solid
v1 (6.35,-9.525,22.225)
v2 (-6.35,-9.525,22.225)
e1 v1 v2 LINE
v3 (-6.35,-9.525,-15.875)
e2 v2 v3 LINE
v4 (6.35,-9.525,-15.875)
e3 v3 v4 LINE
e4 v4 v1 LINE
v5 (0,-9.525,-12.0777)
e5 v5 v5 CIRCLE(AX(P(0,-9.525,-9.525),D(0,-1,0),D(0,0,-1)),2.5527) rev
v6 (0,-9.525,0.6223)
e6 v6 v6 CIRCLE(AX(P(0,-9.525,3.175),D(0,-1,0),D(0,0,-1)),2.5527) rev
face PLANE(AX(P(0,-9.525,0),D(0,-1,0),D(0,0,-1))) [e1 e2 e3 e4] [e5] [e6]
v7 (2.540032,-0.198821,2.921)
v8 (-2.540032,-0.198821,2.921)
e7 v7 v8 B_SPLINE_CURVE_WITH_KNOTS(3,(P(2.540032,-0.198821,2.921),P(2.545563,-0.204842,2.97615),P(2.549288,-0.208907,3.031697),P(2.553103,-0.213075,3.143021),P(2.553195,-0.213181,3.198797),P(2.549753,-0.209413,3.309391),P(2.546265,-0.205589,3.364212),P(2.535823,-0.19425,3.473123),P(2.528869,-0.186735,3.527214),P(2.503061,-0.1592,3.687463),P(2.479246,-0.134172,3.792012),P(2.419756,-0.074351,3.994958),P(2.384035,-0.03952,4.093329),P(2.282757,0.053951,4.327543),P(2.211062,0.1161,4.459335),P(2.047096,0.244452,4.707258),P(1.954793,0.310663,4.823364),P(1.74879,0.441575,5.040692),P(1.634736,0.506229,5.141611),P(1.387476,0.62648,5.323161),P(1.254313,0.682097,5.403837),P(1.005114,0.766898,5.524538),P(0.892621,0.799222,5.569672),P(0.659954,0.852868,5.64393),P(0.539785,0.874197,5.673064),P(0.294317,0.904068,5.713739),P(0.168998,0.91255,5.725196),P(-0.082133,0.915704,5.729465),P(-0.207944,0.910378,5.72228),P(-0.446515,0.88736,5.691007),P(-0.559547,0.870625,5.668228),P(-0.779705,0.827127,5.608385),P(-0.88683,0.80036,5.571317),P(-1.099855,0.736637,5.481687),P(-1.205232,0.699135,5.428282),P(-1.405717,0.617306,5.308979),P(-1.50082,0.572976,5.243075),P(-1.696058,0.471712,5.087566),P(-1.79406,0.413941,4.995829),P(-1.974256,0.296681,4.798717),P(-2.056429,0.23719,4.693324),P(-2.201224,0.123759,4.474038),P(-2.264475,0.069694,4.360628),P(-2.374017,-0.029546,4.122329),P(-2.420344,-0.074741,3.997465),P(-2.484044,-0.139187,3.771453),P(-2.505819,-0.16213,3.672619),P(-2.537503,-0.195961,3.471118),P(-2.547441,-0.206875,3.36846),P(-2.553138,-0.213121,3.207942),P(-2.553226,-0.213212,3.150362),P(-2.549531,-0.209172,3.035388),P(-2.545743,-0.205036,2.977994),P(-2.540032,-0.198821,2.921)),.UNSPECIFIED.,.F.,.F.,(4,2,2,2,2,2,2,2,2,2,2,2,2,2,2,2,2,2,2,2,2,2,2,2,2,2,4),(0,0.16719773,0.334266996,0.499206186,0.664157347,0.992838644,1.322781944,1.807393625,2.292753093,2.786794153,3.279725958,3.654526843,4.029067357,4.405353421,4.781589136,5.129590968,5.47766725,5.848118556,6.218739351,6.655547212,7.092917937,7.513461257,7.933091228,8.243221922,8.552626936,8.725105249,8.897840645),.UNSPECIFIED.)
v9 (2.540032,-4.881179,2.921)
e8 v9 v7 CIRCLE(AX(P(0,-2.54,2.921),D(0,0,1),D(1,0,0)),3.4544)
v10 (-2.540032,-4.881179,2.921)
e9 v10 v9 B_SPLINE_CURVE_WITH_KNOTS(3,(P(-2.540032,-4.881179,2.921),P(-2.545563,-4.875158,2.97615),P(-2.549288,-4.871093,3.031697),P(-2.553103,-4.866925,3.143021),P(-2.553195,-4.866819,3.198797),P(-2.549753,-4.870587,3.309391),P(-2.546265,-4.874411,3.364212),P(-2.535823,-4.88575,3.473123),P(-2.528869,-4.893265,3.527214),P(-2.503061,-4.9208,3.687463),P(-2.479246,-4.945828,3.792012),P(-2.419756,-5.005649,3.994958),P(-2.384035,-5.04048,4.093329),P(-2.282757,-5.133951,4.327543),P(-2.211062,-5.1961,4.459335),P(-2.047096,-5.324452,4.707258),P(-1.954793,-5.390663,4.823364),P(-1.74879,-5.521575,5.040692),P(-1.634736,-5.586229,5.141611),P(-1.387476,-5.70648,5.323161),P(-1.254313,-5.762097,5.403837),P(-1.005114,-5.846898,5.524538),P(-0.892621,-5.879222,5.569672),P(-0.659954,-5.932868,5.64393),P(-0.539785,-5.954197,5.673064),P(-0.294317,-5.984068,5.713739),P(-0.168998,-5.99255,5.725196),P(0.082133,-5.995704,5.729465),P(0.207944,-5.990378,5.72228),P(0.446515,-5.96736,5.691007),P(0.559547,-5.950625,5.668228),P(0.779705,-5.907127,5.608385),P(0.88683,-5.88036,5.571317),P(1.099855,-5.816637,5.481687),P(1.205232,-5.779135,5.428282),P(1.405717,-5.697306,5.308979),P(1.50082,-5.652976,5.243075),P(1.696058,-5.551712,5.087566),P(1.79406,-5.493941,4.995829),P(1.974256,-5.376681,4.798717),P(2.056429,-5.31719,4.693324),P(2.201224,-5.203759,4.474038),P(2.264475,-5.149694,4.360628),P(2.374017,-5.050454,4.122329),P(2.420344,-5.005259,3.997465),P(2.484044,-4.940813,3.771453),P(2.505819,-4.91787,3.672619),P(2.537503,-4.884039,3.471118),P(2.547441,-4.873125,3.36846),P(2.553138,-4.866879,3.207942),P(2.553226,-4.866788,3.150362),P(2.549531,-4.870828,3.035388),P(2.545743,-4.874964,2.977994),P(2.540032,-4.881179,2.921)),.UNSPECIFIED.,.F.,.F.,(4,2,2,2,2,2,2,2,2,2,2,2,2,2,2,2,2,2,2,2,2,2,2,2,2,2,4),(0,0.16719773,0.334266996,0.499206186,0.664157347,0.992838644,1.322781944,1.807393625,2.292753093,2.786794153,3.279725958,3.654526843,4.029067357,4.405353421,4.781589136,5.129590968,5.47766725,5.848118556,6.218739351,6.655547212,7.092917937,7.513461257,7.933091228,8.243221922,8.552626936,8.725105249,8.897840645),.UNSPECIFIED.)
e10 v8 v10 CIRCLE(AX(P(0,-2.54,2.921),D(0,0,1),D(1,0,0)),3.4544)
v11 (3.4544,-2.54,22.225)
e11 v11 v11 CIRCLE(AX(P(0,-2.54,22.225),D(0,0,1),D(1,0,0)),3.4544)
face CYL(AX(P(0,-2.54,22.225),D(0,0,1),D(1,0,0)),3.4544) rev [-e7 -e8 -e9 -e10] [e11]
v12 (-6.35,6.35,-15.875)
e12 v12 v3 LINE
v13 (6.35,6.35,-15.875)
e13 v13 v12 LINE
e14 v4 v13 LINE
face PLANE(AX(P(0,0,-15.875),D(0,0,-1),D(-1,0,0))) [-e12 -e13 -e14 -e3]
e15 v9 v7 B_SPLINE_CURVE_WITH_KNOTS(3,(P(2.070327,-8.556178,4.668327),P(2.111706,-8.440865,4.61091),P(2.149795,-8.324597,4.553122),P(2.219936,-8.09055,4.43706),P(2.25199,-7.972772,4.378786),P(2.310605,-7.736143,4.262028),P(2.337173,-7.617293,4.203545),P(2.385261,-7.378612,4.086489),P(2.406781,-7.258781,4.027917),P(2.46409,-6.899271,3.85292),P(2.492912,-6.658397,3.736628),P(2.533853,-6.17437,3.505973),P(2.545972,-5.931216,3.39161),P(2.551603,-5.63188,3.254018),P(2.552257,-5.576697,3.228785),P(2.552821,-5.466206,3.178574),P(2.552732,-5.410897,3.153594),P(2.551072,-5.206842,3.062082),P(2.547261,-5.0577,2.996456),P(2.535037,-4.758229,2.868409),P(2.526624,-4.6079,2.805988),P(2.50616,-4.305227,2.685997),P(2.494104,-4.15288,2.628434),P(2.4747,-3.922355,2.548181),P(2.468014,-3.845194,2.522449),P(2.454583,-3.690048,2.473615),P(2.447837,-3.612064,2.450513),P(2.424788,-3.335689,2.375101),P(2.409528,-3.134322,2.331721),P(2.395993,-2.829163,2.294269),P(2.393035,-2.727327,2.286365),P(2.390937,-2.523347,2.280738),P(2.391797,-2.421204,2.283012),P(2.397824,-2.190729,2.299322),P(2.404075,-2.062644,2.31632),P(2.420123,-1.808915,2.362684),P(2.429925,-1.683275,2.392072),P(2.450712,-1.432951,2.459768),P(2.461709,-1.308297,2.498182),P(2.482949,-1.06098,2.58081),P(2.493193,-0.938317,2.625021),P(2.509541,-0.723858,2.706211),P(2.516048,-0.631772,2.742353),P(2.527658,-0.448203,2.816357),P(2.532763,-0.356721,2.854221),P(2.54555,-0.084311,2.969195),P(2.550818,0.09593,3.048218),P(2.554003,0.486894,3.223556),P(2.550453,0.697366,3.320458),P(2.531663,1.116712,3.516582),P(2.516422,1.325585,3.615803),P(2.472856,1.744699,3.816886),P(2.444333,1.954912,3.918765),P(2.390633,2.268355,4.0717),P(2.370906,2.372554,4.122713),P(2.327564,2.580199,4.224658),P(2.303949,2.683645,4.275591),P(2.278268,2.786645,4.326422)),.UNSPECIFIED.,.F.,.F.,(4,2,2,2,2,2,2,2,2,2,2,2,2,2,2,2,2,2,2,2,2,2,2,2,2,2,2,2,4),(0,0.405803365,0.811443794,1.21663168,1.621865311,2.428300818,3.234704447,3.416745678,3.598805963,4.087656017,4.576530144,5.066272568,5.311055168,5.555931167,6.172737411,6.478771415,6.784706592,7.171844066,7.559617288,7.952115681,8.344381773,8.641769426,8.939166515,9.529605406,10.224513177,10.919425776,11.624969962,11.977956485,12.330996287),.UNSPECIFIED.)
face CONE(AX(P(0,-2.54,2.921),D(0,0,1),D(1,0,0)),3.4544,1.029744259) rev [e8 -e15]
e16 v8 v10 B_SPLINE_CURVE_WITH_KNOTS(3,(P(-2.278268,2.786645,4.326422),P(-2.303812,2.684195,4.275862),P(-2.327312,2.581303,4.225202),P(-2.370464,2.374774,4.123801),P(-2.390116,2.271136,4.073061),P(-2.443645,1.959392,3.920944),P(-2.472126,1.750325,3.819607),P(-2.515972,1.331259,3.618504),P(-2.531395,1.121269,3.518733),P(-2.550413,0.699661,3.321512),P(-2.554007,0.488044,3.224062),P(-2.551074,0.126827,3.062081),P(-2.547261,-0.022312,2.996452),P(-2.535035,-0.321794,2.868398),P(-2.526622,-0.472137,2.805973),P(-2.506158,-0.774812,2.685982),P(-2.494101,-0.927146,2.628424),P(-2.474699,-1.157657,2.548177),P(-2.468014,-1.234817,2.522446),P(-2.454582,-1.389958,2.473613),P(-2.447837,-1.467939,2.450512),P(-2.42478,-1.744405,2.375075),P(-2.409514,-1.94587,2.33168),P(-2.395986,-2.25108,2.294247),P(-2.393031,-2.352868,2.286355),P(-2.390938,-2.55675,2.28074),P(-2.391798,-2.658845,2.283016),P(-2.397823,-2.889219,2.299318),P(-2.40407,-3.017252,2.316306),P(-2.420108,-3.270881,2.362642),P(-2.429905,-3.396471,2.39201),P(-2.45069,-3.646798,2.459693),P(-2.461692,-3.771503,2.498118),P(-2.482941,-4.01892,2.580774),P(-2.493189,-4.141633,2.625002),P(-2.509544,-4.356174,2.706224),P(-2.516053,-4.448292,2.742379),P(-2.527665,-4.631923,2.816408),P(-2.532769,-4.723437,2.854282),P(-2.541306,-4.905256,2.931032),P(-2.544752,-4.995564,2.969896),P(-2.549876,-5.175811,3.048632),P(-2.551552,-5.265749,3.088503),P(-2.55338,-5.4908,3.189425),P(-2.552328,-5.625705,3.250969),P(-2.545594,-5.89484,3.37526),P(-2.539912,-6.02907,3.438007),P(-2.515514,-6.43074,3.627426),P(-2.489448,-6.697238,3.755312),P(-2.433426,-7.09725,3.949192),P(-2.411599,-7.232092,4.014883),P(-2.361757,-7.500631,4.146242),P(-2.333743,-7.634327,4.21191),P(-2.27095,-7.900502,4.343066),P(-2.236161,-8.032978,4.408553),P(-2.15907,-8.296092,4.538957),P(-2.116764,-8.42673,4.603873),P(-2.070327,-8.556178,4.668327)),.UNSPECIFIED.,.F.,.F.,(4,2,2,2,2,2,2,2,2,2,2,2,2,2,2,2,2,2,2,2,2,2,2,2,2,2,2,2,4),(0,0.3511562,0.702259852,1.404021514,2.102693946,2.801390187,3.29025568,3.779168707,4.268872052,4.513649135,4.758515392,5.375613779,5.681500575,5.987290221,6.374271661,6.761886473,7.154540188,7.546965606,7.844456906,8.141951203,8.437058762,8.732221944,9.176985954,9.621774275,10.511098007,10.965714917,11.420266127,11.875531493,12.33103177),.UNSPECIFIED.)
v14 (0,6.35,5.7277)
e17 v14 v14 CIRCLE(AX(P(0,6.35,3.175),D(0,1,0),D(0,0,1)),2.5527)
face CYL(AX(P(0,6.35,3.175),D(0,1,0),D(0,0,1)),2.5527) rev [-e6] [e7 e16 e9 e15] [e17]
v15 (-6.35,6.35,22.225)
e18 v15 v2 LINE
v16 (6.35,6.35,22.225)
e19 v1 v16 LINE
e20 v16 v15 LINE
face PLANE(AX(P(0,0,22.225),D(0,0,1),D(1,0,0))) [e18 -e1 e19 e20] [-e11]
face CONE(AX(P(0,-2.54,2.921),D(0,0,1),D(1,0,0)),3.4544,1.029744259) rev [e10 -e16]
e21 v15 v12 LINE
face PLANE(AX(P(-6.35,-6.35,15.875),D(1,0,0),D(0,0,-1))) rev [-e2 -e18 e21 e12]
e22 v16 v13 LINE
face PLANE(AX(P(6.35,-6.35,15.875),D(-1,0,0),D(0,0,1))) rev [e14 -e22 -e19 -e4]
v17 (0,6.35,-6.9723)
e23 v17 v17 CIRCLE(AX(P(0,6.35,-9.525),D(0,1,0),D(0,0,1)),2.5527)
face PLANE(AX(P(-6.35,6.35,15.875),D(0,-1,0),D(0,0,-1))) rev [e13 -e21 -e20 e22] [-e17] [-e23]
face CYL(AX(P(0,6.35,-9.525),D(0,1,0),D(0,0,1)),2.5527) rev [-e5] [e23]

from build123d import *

# Parameters (mm, degrees)
SKETCH1_W                    = 12.7
SKETCH1_H                    = 12.7
BOSS_EXTRUDE1_DEPTH          = 15.875
F_7_0_201_DIAMETER_HOLE1_D   = 5.1054
SKETCH5_W                    = 12.7
SKETCH5_H                    = 12.7
BOSS_EXTRUDE2_DEPTH          = 6.35
F_5_16_24_TAPPED_HOLE1_D     = 6.9088
F_5_16_24_TAPPED_HOLE1_DEPTH = 19.304
F_5_16_24_TAPPED_HOLE1_TIP   = 2.075612922
BOSS_EXTRUDE4_START          = 3.175
SKETCH9_W                    = 12.7
SKETCH9_H                    = 38.1
SKETCH9_R                    = 2.5527
BOSS_EXTRUDE4_DEPTH          = 3.175


with BuildPart() as part:
    # Sketch1 → Boss-Extrude1 (new, symmetric)
    with BuildSketch(Plane.XY):
        Rectangle(SKETCH1_W, SKETCH1_H)
    extrude(amount=BOSS_EXTRUDE1_DEPTH, both=True)

    # #7 (0.201) Diameter Hole1 (through all)
    with Locations(Plane(origin=(0, 6.35, 0), x_dir=(1, 0, 0), z_dir=(0, 1, 0))):
        with Locations((0, -3.175), (0, 9.525)):
            Hole(F_7_0_201_DIAMETER_HOLE1_D / 2)

    # Sketch5 → Boss-Extrude2 (add)
    with BuildSketch(Plane.XY.offset(15.875)):
        Rectangle(SKETCH5_W, SKETCH5_H)
    extrude(amount=BOSS_EXTRUDE2_DEPTH)

    # 5/16-24 Tapped Hole1
    with Locations(Plane.XY.offset(22.225)):
        with Locations((0, -2.54)):
            Hole(F_5_16_24_TAPPED_HOLE1_D / 2, depth=F_5_16_24_TAPPED_HOLE1_DEPTH)
            with Locations((0, 0, -(F_5_16_24_TAPPED_HOLE1_DEPTH + F_5_16_24_TAPPED_HOLE1_TIP / 2))):  # 118° drill point
                Cone(0, F_5_16_24_TAPPED_HOLE1_D / 2, F_5_16_24_TAPPED_HOLE1_TIP, mode=Mode.SUBTRACT)

    # Sketch9 → Boss-Extrude4 (add)
    with BuildSketch(Plane.XZ.offset(6.35).offset(BOSS_EXTRUDE4_START)):
        with Locations((0, 3.175)):
            Rectangle(SKETCH9_W, SKETCH9_H)
        with Locations(Location((0, 3.175, 0), (0, 0, 90))):
            Circle(SKETCH9_R, mode=Mode.SUBTRACT)
        with Locations(Location((0, -9.525, 0), (0, 0, 90))):
            Circle(SKETCH9_R, mode=Mode.SUBTRACT)
    extrude(amount=-BOSS_EXTRUDE4_DEPTH)


solid = part.part
